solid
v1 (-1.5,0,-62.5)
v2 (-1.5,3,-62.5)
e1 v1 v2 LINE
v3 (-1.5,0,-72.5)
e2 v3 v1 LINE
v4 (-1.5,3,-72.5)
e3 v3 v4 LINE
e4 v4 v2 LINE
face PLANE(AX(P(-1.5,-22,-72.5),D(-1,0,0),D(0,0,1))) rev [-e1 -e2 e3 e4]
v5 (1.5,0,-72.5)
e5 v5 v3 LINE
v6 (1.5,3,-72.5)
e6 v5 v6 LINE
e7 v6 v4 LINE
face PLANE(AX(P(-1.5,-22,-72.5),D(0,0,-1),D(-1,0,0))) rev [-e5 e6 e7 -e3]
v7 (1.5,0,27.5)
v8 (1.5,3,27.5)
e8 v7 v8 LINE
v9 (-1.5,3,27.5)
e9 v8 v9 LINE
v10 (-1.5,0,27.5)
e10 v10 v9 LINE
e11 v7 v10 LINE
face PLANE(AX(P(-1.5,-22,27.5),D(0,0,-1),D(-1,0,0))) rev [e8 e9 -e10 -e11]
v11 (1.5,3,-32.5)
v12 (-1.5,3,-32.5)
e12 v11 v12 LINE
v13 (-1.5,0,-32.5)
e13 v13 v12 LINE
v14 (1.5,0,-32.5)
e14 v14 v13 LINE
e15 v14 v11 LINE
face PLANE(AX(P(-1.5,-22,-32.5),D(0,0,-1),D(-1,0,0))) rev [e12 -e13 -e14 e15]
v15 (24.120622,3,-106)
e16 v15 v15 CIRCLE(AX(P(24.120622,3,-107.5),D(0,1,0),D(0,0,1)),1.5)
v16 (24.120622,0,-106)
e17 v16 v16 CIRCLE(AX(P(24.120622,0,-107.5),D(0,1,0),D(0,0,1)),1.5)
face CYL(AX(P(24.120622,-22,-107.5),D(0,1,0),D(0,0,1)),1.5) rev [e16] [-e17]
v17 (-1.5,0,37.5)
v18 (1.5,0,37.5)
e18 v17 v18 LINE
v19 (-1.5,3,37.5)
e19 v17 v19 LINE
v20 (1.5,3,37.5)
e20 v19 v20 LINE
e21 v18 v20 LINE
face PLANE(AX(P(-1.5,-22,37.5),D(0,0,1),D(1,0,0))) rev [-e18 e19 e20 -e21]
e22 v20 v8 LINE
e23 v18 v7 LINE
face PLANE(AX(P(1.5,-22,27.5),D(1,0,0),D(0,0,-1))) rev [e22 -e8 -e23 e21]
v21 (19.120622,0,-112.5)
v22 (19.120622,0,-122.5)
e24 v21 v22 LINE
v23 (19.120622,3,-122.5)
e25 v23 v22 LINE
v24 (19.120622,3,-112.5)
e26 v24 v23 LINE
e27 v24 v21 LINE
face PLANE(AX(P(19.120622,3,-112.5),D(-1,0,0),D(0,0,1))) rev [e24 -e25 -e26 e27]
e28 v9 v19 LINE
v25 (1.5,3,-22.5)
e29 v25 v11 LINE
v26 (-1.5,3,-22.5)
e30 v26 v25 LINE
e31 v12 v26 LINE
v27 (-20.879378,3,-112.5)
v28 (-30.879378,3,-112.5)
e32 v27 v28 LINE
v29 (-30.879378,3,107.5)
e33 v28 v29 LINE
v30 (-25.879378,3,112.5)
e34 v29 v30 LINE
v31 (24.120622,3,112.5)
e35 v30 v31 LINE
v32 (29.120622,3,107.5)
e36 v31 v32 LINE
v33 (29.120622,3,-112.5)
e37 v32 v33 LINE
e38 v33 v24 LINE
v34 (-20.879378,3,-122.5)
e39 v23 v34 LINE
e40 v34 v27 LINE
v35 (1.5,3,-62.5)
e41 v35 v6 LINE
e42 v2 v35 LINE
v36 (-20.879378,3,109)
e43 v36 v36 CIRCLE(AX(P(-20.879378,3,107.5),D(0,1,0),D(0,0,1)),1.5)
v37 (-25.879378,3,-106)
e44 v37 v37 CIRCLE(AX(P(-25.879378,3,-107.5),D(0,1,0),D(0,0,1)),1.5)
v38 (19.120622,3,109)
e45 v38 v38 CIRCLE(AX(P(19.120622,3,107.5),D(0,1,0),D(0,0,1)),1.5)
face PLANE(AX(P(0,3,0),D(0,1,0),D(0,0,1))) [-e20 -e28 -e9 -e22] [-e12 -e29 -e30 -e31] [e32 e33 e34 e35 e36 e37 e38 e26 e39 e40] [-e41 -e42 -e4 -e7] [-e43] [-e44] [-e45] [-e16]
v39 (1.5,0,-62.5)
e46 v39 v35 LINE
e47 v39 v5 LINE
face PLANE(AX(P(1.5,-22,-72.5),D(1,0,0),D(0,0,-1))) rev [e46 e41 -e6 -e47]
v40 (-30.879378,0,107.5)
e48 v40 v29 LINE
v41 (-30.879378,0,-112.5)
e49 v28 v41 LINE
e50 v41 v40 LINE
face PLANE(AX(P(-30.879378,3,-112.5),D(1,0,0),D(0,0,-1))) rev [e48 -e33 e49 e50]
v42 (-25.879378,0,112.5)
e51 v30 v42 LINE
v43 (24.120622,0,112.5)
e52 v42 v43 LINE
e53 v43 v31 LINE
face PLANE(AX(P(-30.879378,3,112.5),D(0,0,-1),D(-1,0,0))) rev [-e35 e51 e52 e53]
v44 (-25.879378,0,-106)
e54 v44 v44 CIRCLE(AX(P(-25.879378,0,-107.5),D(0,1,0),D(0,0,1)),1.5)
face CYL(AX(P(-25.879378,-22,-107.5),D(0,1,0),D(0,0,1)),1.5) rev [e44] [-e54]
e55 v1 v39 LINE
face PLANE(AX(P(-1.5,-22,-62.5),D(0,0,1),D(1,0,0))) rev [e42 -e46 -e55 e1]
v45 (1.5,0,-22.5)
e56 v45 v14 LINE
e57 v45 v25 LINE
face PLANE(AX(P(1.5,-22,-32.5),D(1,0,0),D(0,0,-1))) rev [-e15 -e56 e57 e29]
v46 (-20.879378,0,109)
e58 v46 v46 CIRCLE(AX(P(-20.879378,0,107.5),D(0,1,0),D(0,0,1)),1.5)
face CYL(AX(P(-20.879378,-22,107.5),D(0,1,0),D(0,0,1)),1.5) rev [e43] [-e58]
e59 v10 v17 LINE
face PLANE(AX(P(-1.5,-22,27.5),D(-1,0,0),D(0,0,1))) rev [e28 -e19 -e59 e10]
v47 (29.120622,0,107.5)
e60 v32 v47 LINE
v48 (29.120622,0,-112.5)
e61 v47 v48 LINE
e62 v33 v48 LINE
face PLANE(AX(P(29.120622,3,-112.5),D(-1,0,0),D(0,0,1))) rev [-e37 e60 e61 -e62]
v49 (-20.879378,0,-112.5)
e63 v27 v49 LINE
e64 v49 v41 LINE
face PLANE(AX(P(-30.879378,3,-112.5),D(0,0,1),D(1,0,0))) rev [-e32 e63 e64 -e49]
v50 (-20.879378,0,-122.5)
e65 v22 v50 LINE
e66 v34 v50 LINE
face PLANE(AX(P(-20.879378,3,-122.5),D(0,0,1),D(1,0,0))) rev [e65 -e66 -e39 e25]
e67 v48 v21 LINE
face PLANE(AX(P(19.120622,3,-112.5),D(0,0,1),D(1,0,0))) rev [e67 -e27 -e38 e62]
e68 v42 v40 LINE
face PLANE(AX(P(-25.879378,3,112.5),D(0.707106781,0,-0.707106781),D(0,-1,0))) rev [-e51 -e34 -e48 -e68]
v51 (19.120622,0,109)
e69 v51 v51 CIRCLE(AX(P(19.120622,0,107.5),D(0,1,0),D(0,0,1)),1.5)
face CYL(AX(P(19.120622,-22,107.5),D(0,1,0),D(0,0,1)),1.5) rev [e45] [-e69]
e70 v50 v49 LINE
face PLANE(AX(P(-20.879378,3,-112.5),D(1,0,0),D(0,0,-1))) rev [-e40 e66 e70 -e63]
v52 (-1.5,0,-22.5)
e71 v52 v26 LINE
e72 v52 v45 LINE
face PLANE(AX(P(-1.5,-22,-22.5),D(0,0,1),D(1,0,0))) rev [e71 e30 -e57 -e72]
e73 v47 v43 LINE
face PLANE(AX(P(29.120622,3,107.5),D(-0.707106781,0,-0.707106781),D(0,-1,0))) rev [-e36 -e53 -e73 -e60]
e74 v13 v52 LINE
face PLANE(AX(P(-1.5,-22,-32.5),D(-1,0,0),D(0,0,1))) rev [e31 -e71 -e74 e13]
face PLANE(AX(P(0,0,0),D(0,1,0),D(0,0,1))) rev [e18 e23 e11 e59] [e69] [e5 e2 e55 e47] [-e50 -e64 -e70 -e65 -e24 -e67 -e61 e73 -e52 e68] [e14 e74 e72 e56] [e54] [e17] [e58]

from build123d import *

# Parameters (mm, degrees)
BOSS_EXTRUDE1_DEPTH = 3
SKETCH2_R           = 1.5
SKETCH2_W           = 3
SKETCH2_H           = 10
CUT_EXTRUDE1_DEPTH  = 25
CHAMFER1_SIZE       = 5


with BuildPart() as part:
    # Sketch1 → Boss-Extrude1 (new body)
    with BuildSketch(Plane(origin=(0, 0, 0), x_dir=(1, 0, 0), z_dir=(0, 1, 0))):
        Polygon((19.120621977, 112.5), (29.120621977, 112.5), (29.120621977, -112.5), (-30.879378023, -112.5), (-30.879378023, 112.5), (-20.879378023, 112.5), (-20.879378023, 122.5), (19.120621977, 122.5), align=None)
    extrude(amount=BOSS_EXTRUDE1_DEPTH)

    # Sketch2 → Cut-Extrude1 (cut)
    with BuildSketch(Plane(origin=(0, 3, 0), x_dir=(1, 0, 0), z_dir=(0, 1, 0))):
        with Locations(Location((24.120621977, 107.5, 0), (0, 0, 270))):
            Circle(SKETCH2_R)
        with Locations(Location((-25.879378023, 107.5, 0), (0, 0, 270))):
            Circle(SKETCH2_R)
        with Locations(Location((-20.879378023, -107.5, 0), (0, 0, 270))):
            Circle(SKETCH2_R)
        with Locations(Location((19.120621977, -107.5, 0), (0, 0, 270))):
            Circle(SKETCH2_R)
        with Locations((0, 67.5)):
            Rectangle(SKETCH2_W, SKETCH2_H)
        with Locations((0, -32.5)):
            Rectangle(SKETCH2_W, SKETCH2_H)
        with Locations((0, 27.5)):
            Rectangle(SKETCH2_W, SKETCH2_H)
    extrude(amount=-CUT_EXTRUDE1_DEPTH, mode=Mode.SUBTRACT)

    # Chamfer1
    chamfer1_edges = [part.edges().sort_by_distance(p)[0] for p in [
        (29.120621977, 1.5, 112.5),
        (-30.879378023, 1.5, 112.5),
    ]]
    chamfer(chamfer1_edges, length=CHAMFER1_SIZE)


solid = part.part
